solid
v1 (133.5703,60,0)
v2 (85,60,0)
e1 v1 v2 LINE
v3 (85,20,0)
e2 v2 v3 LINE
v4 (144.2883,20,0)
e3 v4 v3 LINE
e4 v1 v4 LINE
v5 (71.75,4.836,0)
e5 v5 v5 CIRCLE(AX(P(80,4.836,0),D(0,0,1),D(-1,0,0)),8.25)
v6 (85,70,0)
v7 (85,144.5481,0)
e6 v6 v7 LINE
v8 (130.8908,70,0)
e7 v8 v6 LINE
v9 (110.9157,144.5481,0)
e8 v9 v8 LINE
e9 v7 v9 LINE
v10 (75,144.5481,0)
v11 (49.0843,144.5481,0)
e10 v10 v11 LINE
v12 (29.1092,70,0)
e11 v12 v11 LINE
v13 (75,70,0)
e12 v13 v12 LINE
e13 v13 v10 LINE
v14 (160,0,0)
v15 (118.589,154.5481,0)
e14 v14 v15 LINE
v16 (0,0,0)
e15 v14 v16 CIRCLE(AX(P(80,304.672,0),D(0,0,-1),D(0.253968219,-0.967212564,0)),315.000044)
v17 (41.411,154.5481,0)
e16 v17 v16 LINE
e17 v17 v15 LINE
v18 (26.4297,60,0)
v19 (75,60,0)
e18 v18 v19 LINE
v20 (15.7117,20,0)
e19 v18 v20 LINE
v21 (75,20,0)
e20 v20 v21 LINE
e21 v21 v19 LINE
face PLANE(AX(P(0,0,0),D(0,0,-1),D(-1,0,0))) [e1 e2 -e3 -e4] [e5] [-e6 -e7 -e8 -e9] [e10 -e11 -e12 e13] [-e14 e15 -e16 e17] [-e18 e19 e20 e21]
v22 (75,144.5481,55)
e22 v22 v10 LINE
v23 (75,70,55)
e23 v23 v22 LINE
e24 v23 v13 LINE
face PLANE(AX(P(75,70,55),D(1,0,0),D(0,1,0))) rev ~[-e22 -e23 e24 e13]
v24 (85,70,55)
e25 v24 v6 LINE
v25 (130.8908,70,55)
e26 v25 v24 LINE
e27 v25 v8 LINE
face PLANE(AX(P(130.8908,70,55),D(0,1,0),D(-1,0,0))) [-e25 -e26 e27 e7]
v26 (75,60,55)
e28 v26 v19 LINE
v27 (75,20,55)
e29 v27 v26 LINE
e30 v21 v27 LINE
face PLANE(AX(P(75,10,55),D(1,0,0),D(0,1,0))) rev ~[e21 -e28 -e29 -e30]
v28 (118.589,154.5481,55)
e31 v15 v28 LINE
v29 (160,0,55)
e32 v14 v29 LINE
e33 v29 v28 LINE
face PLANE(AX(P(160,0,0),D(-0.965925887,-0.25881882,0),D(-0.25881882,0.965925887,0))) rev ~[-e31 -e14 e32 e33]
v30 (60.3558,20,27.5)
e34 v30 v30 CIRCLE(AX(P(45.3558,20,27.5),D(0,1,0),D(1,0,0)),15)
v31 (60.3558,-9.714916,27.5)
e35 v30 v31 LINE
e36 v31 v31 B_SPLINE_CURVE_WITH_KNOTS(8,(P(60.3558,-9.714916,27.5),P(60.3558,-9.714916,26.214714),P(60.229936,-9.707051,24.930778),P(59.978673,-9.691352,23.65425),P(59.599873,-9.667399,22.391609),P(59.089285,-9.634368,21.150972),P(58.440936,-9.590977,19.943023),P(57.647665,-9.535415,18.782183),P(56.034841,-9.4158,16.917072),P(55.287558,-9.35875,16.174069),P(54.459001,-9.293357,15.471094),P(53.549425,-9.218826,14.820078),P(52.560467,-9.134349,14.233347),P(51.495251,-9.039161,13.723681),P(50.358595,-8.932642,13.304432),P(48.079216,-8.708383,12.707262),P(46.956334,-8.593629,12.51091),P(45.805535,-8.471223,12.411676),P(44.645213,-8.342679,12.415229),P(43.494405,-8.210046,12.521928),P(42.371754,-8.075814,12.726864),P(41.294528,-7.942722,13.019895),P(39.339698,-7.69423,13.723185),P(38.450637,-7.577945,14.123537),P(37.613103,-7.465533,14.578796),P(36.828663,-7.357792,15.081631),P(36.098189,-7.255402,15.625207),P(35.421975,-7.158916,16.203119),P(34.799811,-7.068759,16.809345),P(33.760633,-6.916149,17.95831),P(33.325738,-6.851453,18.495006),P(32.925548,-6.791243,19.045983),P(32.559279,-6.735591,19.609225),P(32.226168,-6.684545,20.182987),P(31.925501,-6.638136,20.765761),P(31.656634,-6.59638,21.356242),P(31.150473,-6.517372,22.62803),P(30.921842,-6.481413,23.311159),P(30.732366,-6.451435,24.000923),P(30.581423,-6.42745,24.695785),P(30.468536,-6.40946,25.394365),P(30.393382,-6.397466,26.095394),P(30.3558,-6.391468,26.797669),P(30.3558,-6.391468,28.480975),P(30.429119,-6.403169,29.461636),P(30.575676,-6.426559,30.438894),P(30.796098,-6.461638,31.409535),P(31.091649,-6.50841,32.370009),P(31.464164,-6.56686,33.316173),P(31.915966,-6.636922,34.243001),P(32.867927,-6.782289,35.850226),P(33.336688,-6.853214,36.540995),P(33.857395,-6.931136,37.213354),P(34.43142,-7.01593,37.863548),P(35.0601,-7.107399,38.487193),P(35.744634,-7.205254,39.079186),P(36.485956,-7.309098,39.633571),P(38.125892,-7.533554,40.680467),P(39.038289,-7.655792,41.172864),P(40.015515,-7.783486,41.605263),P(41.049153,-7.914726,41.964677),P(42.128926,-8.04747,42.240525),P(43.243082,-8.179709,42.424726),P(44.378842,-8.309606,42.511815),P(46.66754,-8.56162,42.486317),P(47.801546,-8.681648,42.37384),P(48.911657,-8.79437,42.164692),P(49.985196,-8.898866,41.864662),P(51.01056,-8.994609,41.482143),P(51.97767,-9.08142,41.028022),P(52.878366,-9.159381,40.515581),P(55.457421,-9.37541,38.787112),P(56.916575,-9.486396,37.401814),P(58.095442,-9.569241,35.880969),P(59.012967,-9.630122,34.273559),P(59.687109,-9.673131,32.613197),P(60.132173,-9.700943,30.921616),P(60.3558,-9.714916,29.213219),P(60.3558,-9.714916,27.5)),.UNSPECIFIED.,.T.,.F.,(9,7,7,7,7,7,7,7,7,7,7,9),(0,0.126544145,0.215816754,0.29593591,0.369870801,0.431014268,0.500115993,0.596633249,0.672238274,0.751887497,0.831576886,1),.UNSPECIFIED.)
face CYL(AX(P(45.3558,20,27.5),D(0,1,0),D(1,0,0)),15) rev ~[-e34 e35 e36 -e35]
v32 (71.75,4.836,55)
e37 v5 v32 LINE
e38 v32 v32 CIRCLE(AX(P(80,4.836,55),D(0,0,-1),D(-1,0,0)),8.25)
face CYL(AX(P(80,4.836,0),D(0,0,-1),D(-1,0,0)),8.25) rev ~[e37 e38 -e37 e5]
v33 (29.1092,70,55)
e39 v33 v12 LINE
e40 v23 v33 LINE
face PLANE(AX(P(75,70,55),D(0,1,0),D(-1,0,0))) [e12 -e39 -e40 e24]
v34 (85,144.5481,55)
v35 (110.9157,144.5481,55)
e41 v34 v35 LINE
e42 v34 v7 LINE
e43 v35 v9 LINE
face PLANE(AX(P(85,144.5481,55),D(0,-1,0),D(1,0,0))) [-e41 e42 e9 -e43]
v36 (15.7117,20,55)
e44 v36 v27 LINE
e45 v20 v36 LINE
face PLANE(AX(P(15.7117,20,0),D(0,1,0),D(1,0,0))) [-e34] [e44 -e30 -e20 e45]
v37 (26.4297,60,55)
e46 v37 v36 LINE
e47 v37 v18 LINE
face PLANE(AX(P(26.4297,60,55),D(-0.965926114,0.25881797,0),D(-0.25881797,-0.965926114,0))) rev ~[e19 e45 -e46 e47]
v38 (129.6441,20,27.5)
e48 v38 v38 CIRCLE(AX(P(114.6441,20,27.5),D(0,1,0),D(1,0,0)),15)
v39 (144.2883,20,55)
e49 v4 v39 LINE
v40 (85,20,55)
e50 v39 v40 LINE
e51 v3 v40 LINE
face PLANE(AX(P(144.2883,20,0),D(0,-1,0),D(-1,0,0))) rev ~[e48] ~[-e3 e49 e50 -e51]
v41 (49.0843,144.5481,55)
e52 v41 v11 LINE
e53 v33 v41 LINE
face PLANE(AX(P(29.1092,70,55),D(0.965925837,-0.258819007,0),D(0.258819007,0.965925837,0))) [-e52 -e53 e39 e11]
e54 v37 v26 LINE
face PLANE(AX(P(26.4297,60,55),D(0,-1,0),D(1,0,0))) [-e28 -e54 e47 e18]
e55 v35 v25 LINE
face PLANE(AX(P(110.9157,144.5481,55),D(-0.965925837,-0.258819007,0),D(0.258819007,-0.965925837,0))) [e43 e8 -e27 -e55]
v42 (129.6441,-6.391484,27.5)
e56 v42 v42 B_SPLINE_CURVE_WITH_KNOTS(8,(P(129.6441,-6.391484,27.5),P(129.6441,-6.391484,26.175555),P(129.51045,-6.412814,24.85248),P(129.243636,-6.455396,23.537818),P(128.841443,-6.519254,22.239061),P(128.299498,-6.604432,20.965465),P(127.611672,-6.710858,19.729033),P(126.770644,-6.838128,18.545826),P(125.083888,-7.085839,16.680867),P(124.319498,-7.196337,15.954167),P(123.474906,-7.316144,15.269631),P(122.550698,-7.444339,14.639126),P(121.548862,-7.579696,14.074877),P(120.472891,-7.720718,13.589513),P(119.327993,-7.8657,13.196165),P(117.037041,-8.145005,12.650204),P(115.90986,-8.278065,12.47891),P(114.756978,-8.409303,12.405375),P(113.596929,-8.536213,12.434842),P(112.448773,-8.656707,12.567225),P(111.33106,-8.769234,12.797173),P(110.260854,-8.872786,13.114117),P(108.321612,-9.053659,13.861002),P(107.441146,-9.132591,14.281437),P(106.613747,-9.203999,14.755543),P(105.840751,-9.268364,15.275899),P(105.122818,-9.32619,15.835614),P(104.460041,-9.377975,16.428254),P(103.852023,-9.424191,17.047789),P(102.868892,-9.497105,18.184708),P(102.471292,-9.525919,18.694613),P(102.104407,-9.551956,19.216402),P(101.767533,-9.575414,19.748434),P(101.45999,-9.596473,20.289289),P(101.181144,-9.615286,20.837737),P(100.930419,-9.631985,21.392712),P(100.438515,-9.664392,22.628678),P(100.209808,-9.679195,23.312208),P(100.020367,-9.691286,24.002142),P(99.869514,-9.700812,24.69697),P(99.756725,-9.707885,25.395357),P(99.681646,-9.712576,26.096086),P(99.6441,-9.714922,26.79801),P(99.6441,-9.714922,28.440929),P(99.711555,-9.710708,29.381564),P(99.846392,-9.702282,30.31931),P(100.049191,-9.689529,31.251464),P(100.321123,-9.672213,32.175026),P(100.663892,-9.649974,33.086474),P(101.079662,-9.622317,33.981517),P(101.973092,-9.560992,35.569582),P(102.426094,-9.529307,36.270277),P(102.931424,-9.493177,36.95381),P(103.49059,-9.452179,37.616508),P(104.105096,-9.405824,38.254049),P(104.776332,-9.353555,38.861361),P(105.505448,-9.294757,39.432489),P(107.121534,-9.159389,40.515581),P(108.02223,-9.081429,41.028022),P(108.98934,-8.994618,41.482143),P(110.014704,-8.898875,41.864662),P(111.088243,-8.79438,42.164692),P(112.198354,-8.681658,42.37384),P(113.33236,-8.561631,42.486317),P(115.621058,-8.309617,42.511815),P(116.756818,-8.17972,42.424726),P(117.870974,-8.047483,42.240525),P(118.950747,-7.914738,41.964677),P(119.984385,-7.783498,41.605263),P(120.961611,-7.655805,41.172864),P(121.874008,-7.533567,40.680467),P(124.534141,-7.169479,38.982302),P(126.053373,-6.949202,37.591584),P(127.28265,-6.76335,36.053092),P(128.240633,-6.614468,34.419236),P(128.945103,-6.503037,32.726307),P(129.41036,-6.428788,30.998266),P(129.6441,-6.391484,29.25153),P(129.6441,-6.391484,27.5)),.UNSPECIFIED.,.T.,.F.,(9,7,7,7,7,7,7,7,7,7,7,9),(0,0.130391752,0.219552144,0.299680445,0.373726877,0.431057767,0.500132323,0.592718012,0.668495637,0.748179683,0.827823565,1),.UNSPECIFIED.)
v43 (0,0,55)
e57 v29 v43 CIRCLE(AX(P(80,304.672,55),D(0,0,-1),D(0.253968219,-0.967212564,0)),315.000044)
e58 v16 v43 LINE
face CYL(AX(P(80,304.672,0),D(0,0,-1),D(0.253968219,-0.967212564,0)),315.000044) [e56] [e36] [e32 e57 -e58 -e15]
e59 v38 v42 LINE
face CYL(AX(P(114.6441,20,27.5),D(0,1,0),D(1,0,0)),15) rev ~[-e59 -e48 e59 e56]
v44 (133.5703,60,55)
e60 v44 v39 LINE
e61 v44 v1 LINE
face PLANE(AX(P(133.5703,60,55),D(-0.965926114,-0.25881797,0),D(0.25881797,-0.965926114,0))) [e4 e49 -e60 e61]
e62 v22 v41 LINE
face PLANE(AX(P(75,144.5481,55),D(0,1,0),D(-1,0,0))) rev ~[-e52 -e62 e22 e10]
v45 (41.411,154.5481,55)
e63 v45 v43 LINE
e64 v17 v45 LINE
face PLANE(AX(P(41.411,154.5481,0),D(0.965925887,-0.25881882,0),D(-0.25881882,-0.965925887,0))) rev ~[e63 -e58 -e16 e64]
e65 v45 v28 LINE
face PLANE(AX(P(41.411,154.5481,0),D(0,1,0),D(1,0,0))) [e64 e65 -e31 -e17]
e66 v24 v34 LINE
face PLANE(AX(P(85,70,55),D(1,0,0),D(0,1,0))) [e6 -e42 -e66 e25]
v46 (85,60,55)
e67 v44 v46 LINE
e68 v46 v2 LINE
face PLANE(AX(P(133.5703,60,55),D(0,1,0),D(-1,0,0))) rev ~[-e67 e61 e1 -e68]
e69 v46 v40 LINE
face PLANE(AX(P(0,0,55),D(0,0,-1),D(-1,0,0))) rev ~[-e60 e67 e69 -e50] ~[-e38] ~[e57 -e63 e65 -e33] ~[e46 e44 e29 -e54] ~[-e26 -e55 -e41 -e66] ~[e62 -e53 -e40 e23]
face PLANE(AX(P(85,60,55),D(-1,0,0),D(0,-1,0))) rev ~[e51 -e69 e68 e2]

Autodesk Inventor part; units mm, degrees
ref_plane "YZ Plane" through (0, 0, 0) normal (1, 0, 0) x (0, 1, 0)
ref_plane "XZ Plane" through (0, 0, 0) normal (0, 1, 0) x (-1, 0, 0)
ref_plane "XY Plane" through (0, 0, 0) normal (0, 0, 1) x (1, 0, 0)
sketch "Sketch1" plane through (0, 0, 0) normal (0, 0, 1) x (1, 0, 0)
  line L0 (0, 0) -> (160, 0)
  line L1 (160, 0) -> (118.589, 154.5481)
  line L2 (41.411, 154.5481) -> (0, 0)
  line L3 (41.411, 154.5481) -> (118.589, 154.5481)
  dimension "d0" = 160
  dimension "d1" = 160
  dimension "d2" = 75
  dimension "d8" = 75
extrude "Extrusion1" add sketch "Sketch1" along normal blind 55
sketch "Sketch6" plane through (0, 0, 55) normal (0, 0, 1) x (1, 0, 0)
  line L0 (0, 0) -> (160, 0) construction
  line L1 (160, 0) -> (118.589, 154.5481) construction
  line L2 (118.589, 154.5481) -> (41.411, 154.5481) construction
  line L3 (41.411, 154.5481) -> (0, 0) construction
  line L4 (110.9157, 144.5481) -> (146.9677, 10) construction
  line L5 (146.9677, 10) -> (13.0323, 10) construction
  line L6 (13.0323, 10) -> (49.0843, 144.5481) construction
  line L7 (49.0843, 144.5481) -> (110.9157, 144.5481) construction
  line L8 (85, 144.5481) -> (75, 144.5481) construction
  line L9 (75, 144.5481) -> (75, 10) construction
  line L10 (75, 10) -> (85, 10) construction
  line L11 (85, 10) -> (85, 144.5481) construction
  line L12 (133.5703, 60) -> (26.4297, 60) construction
  line L13 (26.4297, 60) -> (26.4297, 70) construction
  line L14 (26.4297, 70) -> (133.5703, 70) construction
  line L15 (133.5703, 70) -> (133.5703, 60) construction
  line L16 (133.5703, 60) -> (146.9677, 10)
  line L17 (85, 10) -> (146.9677, 10)
  line L18 (0, 0) -> (160, 0) construction
  line L19 (133.5703, 60) -> (85, 60)
  line L20 (85, 60) -> (85, 10)
  line L21 (75, 10) -> (75, 60)
  line L22 (26.4297, 60) -> (75, 60)
  line L23 (26.4297, 60) -> (13.0323, 10)
  line L24 (13.0323, 10) -> (75, 10)
  line L25 (75, 70) -> (75, 144.5481)
  line L26 (75, 144.5481) -> (49.0843, 144.5481)
  line L27 (75, 70) -> (29.1092, 70)
  line L28 (29.1092, 70) -> (49.0843, 144.5481)
  line L29 (85, 144.5481) -> (110.9157, 144.5481)
  line L30 (110.9157, 144.5481) -> (130.8908, 70)
  line L31 (130.8908, 70) -> (85, 70)
  line L32 (85, 70) -> (85, 144.5481)
  point P0 (80, 10)
  dimension "d22" = 10
  dimension "d23" = 10
  dimension "d24" = 10
  dimension "d25" = 50
extrude "Extrusion5" cut sketch "Sketch6" against normal through all
sketch "Sketch7" plane through (0, 0, 0) normal (0, 0, -1) x (-1, 0, 0)
  circle A0 centre (-80, 304.672) radius 315 construction
  line L0 (0, 0) -> (-160, 0) projected
  arc A1 (-160, 0) -> (0, 0) centre (-80, 304.672) ccw
  dimension "d28" = 630
extrude "Extrusion6" add sketch "Sketch7" against normal blind 55
sketch "Sketch8" plane through (0, 0, 0) normal (0, 0, -1) x (-1, 0, 0)
  circle A0 centre (-80, 4.836) radius 8.25
  line L0 (-15.7117, 20) -> (-144.2883, 20) construction
  line L1 (-13.0323, 10) -> (-15.7117, 20)
  line L2 (-15.7117, 20) -> (-75, 20)
  line L3 (-75, 10) -> (-75, 60) projected
  line L4 (-75, 20) -> (-75, 10)
  line L5 (-75, 10) -> (-13.0323, 10) projected
  line L6 (-75, 10) -> (-13.0323, 10)
  line L7 (-26.4297, 60) -> (-13.0323, 10) projected
  line L8 (-85, 10) -> (-146.9677, 10) projected
  line L9 (-146.9677, 10) -> (-144.2883, 20)
  line L10 (-133.5703, 60) -> (-146.9677, 10) projected
  line L11 (-144.2883, 20) -> (-85, 20)
  line L12 (-85, 60) -> (-85, 10) projected
  line L13 (-85, 20) -> (-85, 10)
  line L14 (-85, 10) -> (-146.9677, 10)
  line L15 (-118.589, 154.5481) -> (-41.411, 154.5481) projected
  arc A1 (-160, 0) -> (0, 0) centre (-80, 304.672) ccw projected
  line L16 (0, -10.328) -> (-160, -10.328) construction
  arc A2 (-160, 0) -> (0, 0) centre (-80, 304.672) ccw projected
  line L17 (-0.263, 4.836) -> (-159.737, 4.836) construction
  point P0 (-80, 154.5481)
  dimension "d31" = 16.5
  dimension "d32" = 20
extrude "Extrusion8" add sketch "Sketch8" against normal blind 55 contours L5 L3 A0 | A0 L3 L2 L1 L5 | L8 L9 L11 L12 A0 | A0 L12 L8
extrude "Extrusion7" cut sketch "Sketch8" against normal through all contours A0 L8 L12 L3 L5 | L5 L3 A0 | A0 L12 L8
sketch "Sketch9" plane through (15.7117, 20, 0) normal (0, 1, 0) x (1, 0, 0)
  line L0 (0, 0) -> (59.2883, 0) projected
  line L1 (0, -55) -> (0, 0) projected
  line L2 (59.2883, -55) -> (0, -55) projected
  line L3 (59.2883, 0) -> (59.2883, -55) projected
  line L4 (69.2883, 0) -> (128.5765, 0) projected
  line L5 (69.2883, -55) -> (69.2883, 0) projected
  line L6 (128.5765, -55) -> (69.2883, -55) projected
  line L7 (128.5765, 0) -> (128.5765, -55) projected
  circle A0 centre (29.6441, -27.5) radius 15
  circle A1 centre (98.9324, -27.5) radius 15
  point P0 (-15.7117, 0)
  point P1 (29.6441, 0)
  point P2 (98.9324, 0)
  point P3 (0, -27.5)
  point P4 (69.2883, -27.5)
  dimension "d37" = 30
  dimension "d38" = 30
extrude "Extrusion9" cut sketch "Sketch9" against normal through all contours A0 | A1
properties part number "CA001" material "ABS Plastic"
